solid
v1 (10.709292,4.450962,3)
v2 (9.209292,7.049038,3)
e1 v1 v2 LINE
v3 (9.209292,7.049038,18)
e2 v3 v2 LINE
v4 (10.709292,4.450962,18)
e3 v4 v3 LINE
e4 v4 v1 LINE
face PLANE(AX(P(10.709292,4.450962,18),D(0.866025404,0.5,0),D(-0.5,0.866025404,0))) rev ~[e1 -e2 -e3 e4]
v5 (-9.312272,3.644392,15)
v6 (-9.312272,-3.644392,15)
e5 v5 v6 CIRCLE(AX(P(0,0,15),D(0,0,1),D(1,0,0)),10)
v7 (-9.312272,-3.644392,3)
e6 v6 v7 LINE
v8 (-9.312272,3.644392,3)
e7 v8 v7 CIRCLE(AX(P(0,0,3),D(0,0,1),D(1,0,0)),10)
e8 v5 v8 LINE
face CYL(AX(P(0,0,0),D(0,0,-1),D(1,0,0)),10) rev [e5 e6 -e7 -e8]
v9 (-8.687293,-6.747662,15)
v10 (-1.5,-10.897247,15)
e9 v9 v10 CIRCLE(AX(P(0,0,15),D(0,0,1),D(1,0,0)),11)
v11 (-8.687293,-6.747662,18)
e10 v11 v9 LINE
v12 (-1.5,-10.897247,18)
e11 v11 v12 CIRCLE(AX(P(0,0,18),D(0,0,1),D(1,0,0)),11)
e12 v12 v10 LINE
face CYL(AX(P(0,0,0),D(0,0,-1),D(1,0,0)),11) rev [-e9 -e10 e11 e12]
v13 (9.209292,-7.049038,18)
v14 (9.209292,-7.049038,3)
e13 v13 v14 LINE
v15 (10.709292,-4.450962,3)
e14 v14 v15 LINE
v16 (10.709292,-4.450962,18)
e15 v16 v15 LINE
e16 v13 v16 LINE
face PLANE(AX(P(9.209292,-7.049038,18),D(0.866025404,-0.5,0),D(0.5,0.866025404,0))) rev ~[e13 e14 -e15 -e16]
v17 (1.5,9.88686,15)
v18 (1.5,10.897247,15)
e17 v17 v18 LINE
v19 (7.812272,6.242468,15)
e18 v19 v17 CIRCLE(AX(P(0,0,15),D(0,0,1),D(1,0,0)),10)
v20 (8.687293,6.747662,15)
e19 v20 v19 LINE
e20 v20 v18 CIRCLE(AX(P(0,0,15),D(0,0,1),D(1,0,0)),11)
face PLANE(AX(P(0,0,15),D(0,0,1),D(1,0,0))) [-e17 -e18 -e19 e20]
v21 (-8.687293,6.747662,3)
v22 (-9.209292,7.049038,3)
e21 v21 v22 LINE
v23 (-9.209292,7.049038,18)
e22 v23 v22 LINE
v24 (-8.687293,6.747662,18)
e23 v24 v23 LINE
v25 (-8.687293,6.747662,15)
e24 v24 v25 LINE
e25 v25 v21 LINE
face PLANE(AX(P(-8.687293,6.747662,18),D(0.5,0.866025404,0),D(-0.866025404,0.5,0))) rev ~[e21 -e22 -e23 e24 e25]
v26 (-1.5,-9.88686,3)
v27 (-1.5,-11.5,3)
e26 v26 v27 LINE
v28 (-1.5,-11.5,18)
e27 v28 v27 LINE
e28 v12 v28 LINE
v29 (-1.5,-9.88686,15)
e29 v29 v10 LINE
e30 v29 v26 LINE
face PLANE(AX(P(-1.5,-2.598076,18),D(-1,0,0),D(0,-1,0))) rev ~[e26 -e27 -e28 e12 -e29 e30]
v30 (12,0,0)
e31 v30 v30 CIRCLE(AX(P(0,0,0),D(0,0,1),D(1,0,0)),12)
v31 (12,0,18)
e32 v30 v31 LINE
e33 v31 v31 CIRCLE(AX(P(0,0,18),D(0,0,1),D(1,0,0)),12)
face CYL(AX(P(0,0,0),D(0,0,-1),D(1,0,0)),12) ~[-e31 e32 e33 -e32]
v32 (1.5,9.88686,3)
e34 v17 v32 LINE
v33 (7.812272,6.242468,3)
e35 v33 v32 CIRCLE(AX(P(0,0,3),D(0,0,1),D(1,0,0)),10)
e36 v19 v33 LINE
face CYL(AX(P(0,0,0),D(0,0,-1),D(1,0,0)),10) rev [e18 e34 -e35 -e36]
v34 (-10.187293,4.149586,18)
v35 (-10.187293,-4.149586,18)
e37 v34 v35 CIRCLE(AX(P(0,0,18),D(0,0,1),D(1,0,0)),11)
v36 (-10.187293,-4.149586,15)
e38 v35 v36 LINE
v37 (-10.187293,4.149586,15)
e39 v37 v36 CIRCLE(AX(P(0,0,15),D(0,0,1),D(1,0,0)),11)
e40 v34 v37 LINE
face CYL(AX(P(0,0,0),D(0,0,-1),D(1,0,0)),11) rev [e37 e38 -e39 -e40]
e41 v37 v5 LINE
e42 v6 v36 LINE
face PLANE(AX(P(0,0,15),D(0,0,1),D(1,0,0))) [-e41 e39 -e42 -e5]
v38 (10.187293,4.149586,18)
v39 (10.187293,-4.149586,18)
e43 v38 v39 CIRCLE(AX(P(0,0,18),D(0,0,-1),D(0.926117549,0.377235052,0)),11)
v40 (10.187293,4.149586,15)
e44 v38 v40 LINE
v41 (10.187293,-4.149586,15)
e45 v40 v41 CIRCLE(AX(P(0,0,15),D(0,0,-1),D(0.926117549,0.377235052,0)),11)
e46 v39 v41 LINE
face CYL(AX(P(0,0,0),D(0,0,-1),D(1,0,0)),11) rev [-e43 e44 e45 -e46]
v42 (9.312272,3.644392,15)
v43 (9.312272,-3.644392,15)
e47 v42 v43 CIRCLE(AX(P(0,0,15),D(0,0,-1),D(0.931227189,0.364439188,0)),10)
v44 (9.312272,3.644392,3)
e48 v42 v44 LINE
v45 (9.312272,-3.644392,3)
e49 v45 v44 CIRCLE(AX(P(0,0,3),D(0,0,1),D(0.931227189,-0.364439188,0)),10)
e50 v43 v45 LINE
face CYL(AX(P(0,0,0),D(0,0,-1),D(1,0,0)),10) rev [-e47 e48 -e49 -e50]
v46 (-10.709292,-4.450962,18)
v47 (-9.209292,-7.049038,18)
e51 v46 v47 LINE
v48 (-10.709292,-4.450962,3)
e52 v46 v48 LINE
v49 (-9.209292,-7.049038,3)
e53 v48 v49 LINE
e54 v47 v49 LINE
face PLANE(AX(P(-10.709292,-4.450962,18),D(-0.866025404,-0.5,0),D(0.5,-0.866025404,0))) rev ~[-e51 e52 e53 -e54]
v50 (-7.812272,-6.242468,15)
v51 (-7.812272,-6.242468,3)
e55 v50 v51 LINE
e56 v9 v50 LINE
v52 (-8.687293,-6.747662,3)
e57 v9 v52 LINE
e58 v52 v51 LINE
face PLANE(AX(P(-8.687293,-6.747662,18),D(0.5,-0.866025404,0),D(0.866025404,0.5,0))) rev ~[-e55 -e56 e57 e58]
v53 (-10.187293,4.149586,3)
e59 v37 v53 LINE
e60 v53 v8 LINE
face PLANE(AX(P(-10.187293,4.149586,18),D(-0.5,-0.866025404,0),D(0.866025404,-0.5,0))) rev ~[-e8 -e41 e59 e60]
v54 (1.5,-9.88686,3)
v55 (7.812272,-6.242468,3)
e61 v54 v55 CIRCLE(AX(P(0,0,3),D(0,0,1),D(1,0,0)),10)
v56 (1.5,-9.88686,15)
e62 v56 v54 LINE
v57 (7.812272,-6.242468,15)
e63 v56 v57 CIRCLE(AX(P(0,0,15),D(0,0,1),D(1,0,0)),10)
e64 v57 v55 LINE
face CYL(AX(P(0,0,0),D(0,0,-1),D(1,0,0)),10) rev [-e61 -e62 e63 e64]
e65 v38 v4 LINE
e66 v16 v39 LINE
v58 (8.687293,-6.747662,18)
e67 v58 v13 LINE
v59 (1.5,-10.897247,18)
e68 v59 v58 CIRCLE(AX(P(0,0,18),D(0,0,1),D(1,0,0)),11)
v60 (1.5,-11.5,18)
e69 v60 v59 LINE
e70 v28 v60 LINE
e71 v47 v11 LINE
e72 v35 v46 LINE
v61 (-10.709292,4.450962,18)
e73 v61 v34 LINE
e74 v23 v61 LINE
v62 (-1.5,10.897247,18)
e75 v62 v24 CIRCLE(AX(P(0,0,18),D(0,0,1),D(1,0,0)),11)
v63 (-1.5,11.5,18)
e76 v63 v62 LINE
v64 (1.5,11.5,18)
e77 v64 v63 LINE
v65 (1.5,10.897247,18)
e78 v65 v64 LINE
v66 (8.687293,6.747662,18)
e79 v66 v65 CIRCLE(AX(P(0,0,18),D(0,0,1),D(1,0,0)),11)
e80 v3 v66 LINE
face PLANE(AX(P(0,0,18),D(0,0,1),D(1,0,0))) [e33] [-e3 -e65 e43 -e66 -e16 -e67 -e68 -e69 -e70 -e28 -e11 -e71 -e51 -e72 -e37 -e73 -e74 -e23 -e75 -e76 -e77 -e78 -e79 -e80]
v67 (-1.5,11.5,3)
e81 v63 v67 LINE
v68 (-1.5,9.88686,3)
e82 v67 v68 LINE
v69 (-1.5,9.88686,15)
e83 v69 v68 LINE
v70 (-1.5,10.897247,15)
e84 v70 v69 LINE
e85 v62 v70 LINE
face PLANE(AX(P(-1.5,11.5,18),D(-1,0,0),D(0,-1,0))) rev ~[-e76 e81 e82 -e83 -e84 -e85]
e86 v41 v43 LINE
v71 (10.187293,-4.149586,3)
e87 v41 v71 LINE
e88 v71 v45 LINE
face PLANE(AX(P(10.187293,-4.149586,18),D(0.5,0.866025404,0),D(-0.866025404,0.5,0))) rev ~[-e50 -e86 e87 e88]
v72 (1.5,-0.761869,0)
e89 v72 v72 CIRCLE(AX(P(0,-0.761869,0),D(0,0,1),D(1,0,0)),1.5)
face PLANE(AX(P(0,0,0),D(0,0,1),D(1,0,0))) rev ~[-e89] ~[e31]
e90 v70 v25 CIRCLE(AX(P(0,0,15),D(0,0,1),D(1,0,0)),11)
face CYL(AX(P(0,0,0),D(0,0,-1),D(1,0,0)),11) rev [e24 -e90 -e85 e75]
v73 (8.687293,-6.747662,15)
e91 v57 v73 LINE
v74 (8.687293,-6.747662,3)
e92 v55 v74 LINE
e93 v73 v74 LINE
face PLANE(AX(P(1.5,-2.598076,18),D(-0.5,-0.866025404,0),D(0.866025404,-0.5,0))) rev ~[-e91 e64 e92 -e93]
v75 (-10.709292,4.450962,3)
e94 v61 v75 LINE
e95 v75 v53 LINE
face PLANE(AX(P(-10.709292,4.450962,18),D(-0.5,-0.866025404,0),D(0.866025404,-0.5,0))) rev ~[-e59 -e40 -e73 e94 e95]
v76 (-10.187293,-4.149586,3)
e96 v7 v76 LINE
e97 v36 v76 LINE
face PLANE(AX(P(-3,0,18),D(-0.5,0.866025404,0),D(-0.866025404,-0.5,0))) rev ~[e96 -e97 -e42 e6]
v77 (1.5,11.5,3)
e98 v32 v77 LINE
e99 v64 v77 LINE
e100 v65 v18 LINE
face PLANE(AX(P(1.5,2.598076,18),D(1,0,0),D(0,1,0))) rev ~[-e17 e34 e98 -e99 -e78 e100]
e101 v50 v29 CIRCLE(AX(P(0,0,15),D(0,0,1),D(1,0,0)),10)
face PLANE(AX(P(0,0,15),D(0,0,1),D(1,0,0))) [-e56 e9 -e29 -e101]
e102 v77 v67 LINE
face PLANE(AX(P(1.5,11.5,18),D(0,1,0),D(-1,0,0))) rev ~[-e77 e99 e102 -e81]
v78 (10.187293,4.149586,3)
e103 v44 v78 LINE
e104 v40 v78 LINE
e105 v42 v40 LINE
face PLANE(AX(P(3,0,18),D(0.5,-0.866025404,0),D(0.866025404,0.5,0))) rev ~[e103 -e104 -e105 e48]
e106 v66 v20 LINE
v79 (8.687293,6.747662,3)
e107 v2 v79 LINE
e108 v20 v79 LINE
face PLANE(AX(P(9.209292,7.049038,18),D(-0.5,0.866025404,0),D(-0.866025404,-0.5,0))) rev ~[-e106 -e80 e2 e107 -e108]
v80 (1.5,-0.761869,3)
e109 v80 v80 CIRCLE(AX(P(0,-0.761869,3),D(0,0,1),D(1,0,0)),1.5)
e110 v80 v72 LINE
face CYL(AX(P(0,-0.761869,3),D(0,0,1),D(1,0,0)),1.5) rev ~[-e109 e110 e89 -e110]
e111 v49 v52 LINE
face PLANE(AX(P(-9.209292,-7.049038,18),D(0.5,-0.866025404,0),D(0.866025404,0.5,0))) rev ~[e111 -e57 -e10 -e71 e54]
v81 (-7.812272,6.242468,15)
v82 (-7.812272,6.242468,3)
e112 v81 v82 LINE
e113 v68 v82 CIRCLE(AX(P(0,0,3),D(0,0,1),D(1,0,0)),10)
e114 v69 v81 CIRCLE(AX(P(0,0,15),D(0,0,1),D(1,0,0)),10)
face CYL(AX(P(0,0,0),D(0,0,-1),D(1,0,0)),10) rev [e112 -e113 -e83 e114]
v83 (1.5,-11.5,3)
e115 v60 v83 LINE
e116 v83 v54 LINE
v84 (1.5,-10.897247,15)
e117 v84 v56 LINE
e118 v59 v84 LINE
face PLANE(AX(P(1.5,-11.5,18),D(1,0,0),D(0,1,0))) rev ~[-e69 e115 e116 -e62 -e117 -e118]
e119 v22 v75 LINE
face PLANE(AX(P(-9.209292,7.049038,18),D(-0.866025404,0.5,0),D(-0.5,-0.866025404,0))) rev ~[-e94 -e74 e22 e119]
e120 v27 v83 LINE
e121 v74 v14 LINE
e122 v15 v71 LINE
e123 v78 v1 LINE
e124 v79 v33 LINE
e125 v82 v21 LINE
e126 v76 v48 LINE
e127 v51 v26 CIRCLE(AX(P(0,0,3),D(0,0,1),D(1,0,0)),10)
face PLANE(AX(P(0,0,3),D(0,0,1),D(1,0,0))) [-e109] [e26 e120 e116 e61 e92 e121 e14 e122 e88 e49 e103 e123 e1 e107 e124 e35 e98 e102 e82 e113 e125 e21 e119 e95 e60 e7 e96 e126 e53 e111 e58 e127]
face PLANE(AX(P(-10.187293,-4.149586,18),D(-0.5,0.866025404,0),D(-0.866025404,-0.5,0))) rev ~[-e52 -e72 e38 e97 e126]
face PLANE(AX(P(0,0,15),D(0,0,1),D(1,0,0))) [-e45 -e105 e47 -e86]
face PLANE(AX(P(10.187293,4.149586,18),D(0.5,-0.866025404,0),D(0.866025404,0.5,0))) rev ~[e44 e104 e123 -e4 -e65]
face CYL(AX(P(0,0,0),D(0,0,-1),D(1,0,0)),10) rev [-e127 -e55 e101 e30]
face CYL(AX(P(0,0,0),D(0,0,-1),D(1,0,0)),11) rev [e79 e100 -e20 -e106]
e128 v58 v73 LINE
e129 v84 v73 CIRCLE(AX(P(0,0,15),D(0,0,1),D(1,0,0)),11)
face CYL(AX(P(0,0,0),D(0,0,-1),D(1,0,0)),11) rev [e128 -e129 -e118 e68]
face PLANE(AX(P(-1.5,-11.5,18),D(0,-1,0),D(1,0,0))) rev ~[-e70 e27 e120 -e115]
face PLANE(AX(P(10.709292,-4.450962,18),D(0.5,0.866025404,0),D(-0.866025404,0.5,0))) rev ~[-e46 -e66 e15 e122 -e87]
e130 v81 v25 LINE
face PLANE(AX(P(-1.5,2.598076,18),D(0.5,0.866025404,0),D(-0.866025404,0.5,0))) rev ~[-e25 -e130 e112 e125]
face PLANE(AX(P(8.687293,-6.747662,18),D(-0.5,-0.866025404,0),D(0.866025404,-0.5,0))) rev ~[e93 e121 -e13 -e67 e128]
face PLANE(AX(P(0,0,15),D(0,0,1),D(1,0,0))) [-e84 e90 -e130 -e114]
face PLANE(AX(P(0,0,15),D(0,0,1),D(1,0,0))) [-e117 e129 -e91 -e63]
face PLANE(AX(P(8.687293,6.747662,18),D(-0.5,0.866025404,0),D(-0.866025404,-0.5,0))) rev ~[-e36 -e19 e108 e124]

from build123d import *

# Parameters (mm, degrees)
F0_R     = 10
F1_DEPTH = 3
F0_R_2   = 11
F2_DEPTH = 15
F0_R_3   = 12
F3_DEPTH = 18
F4_R     = 1.5
F5_DEPTH = 3
F7_DEPTH = 15


with BuildPart() as f1:
    # F0 (on Top) → F1 (new body)
    with BuildSketch(Plane.XY):
        Circle(F0_R)
    extrude(amount=F1_DEPTH)

    # F0 (on Top) → F2 (join)
    with BuildSketch(Plane.XY):
        Circle(F0_R_2)
        Circle(F0_R, mode=Mode.SUBTRACT)
    extrude(amount=F2_DEPTH)

    # F0 (on Top) → F3 (join)
    with BuildSketch(Plane.XY):
        Circle(F0_R_3)
        Circle(F0_R_2, mode=Mode.SUBTRACT)
    extrude(amount=F3_DEPTH)

    # F4 (on face) → F5 (cut)
    with BuildSketch(Plane.XY.offset(3)):
        with Locations((0, -0.7618688396)):
            Circle(F4_R)
    extrude(amount=-F5_DEPTH, mode=Mode.SUBTRACT)

    # F6 (on face) → F7 (cut)
    with BuildSketch(Plane.XY.offset(18)):
        with BuildLine():
            Line((0, 1.7320508076), (1.5, 2.5980762114))
            Line((1.5, 2.5980762114), (1.5, 10.8972473589))
            ThreePointArc((1.5, 10.8972473589), (0, 11), (-1.5, 10.8972473589))
            Line((-1.5, 10.8972473589), (-1.5, 2.5980762114))
            Line((-1.5, 2.5980762114), (0, 1.7320508076))
        make_face()
        with BuildLine():
            ThreePointArc((-1.5, 10.8972473589), (0, 11), (1.5, 10.8972473589))
            Line((1.5, 10.8972473589), (1.5, 11.5))
            Line((1.5, 11.5), (-1.5, 11.5))
            Line((-1.5, 11.5), (-1.5, 10.8972473589))
        make_face()
        with BuildLine():
            Line((-10.7092921435, 4.4509618943), (-10.1872930441, 4.1495855737))
            ThreePointArc((-10.1872930441, 4.1495855737), (-9.5262794416, 5.5), (-8.6872930441, 6.7476617851))
            Line((-8.6872930441, 6.7476617851), (-9.2092921435, 7.0490381057))
            Line((-9.2092921435, 7.0490381057), (-10.7092921435, 4.4509618943))
        make_face()
        with BuildLine():
            Line((-3, 0), (-1.5, 0.8660254038))
            Line((-1.5, 0.8660254038), (-1.5, 2.5980762114))
            Line((-1.5, 2.5980762114), (-8.6872930441, 6.7476617851))
            ThreePointArc((-8.6872930441, 6.7476617851), (-9.5262794416, 5.5), (-10.1872930441, 4.1495855737))
            Line((-10.1872930441, 4.1495855737), (-3, 0))
        make_face()
        with BuildLine():
            Line((-8.6872930441, -6.7476617851), (-1.5, -2.5980762114))
            Line((-1.5, -2.5980762114), (-1.5, -0.8660254038))
            Line((-1.5, -0.8660254038), (-3, 0))
            Line((-3, 0), (-10.1872930441, -4.1495855737))
            ThreePointArc((-10.1872930441, -4.1495855737), (-9.5262794416, -5.5), (-8.6872930441, -6.7476617851))
        make_face()
        with BuildLine():
            ThreePointArc((-1.5, -10.8972473589), (0, -11), (1.5, -10.8972473589))
            Line((1.5, -10.8972473589), (1.5, -2.5980762114))
            Line((1.5, -2.5980762114), (0, -1.7320508076))
            Line((0, -1.7320508076), (-1.5, -2.5980762114))
            Line((-1.5, -2.5980762114), (-1.5, -10.8972473589))
        make_face()
        with BuildLine():
            Line((1.5, -0.8660254038), (1.5, -2.5980762114))
            Line((1.5, -2.5980762114), (8.6872930441, -6.7476617851))
            ThreePointArc((8.6872930441, -6.7476617851), (9.5262794416, -5.5), (10.1872930441, -4.1495855737))
            Line((10.1872930441, -4.1495855737), (3, 0))
            Line((3, 0), (1.5, -0.8660254038))
        make_face()
        with BuildLine():
            Line((1.5, 2.5980762114), (1.5, 0.8660254038))
            Line((1.5, 0.8660254038), (3, 0))
            Line((3, 0), (10.1872930441, 4.1495855737))
            ThreePointArc((10.1872930441, 4.1495855737), (9.5262794416, 5.5), (8.6872930441, 6.7476617851))
            Line((8.6872930441, 6.7476617851), (1.5, 2.5980762114))
        make_face()
        with BuildLine():
            ThreePointArc((8.6872930441, 6.7476617851), (9.5262794416, 5.5), (10.1872930441, 4.1495855737))
            Line((10.1872930441, 4.1495855737), (10.7092921435, 4.4509618943))
            Line((10.7092921435, 4.4509618943), (9.2092921435, 7.0490381057))
            Line((9.2092921435, 7.0490381057), (8.6872930441, 6.7476617851))
        make_face()
        with BuildLine():
            ThreePointArc((10.1872930441, -4.1495855737), (9.5262794416, -5.5), (8.6872930441, -6.7476617851))
            Line((8.6872930441, -6.7476617851), (9.2092921435, -7.0490381057))
            Line((9.2092921435, -7.0490381057), (10.7092921435, -4.4509618943))
            Line((10.7092921435, -4.4509618943), (10.1872930441, -4.1495855737))
        make_face()
        with BuildLine():
            Line((-1.5, -11.5), (1.5, -11.5))
            Line((1.5, -11.5), (1.5, -10.8972473589))
            ThreePointArc((1.5, -10.8972473589), (0, -11), (-1.5, -10.8972473589))
            Line((-1.5, -10.8972473589), (-1.5, -11.5))
        make_face()
        with BuildLine():
            Line((-9.2092921435, -7.0490381057), (-8.6872930441, -6.7476617851))
            ThreePointArc((-8.6872930441, -6.7476617851), (-9.5262794416, -5.5), (-10.1872930441, -4.1495855737))
            Line((-10.1872930441, -4.1495855737), (-10.7092921435, -4.4509618943))
            Line((-10.7092921435, -4.4509618943), (-9.2092921435, -7.0490381057))
        make_face()
    extrude(amount=-F7_DEPTH, mode=Mode.SUBTRACT)


solid = f1.part
